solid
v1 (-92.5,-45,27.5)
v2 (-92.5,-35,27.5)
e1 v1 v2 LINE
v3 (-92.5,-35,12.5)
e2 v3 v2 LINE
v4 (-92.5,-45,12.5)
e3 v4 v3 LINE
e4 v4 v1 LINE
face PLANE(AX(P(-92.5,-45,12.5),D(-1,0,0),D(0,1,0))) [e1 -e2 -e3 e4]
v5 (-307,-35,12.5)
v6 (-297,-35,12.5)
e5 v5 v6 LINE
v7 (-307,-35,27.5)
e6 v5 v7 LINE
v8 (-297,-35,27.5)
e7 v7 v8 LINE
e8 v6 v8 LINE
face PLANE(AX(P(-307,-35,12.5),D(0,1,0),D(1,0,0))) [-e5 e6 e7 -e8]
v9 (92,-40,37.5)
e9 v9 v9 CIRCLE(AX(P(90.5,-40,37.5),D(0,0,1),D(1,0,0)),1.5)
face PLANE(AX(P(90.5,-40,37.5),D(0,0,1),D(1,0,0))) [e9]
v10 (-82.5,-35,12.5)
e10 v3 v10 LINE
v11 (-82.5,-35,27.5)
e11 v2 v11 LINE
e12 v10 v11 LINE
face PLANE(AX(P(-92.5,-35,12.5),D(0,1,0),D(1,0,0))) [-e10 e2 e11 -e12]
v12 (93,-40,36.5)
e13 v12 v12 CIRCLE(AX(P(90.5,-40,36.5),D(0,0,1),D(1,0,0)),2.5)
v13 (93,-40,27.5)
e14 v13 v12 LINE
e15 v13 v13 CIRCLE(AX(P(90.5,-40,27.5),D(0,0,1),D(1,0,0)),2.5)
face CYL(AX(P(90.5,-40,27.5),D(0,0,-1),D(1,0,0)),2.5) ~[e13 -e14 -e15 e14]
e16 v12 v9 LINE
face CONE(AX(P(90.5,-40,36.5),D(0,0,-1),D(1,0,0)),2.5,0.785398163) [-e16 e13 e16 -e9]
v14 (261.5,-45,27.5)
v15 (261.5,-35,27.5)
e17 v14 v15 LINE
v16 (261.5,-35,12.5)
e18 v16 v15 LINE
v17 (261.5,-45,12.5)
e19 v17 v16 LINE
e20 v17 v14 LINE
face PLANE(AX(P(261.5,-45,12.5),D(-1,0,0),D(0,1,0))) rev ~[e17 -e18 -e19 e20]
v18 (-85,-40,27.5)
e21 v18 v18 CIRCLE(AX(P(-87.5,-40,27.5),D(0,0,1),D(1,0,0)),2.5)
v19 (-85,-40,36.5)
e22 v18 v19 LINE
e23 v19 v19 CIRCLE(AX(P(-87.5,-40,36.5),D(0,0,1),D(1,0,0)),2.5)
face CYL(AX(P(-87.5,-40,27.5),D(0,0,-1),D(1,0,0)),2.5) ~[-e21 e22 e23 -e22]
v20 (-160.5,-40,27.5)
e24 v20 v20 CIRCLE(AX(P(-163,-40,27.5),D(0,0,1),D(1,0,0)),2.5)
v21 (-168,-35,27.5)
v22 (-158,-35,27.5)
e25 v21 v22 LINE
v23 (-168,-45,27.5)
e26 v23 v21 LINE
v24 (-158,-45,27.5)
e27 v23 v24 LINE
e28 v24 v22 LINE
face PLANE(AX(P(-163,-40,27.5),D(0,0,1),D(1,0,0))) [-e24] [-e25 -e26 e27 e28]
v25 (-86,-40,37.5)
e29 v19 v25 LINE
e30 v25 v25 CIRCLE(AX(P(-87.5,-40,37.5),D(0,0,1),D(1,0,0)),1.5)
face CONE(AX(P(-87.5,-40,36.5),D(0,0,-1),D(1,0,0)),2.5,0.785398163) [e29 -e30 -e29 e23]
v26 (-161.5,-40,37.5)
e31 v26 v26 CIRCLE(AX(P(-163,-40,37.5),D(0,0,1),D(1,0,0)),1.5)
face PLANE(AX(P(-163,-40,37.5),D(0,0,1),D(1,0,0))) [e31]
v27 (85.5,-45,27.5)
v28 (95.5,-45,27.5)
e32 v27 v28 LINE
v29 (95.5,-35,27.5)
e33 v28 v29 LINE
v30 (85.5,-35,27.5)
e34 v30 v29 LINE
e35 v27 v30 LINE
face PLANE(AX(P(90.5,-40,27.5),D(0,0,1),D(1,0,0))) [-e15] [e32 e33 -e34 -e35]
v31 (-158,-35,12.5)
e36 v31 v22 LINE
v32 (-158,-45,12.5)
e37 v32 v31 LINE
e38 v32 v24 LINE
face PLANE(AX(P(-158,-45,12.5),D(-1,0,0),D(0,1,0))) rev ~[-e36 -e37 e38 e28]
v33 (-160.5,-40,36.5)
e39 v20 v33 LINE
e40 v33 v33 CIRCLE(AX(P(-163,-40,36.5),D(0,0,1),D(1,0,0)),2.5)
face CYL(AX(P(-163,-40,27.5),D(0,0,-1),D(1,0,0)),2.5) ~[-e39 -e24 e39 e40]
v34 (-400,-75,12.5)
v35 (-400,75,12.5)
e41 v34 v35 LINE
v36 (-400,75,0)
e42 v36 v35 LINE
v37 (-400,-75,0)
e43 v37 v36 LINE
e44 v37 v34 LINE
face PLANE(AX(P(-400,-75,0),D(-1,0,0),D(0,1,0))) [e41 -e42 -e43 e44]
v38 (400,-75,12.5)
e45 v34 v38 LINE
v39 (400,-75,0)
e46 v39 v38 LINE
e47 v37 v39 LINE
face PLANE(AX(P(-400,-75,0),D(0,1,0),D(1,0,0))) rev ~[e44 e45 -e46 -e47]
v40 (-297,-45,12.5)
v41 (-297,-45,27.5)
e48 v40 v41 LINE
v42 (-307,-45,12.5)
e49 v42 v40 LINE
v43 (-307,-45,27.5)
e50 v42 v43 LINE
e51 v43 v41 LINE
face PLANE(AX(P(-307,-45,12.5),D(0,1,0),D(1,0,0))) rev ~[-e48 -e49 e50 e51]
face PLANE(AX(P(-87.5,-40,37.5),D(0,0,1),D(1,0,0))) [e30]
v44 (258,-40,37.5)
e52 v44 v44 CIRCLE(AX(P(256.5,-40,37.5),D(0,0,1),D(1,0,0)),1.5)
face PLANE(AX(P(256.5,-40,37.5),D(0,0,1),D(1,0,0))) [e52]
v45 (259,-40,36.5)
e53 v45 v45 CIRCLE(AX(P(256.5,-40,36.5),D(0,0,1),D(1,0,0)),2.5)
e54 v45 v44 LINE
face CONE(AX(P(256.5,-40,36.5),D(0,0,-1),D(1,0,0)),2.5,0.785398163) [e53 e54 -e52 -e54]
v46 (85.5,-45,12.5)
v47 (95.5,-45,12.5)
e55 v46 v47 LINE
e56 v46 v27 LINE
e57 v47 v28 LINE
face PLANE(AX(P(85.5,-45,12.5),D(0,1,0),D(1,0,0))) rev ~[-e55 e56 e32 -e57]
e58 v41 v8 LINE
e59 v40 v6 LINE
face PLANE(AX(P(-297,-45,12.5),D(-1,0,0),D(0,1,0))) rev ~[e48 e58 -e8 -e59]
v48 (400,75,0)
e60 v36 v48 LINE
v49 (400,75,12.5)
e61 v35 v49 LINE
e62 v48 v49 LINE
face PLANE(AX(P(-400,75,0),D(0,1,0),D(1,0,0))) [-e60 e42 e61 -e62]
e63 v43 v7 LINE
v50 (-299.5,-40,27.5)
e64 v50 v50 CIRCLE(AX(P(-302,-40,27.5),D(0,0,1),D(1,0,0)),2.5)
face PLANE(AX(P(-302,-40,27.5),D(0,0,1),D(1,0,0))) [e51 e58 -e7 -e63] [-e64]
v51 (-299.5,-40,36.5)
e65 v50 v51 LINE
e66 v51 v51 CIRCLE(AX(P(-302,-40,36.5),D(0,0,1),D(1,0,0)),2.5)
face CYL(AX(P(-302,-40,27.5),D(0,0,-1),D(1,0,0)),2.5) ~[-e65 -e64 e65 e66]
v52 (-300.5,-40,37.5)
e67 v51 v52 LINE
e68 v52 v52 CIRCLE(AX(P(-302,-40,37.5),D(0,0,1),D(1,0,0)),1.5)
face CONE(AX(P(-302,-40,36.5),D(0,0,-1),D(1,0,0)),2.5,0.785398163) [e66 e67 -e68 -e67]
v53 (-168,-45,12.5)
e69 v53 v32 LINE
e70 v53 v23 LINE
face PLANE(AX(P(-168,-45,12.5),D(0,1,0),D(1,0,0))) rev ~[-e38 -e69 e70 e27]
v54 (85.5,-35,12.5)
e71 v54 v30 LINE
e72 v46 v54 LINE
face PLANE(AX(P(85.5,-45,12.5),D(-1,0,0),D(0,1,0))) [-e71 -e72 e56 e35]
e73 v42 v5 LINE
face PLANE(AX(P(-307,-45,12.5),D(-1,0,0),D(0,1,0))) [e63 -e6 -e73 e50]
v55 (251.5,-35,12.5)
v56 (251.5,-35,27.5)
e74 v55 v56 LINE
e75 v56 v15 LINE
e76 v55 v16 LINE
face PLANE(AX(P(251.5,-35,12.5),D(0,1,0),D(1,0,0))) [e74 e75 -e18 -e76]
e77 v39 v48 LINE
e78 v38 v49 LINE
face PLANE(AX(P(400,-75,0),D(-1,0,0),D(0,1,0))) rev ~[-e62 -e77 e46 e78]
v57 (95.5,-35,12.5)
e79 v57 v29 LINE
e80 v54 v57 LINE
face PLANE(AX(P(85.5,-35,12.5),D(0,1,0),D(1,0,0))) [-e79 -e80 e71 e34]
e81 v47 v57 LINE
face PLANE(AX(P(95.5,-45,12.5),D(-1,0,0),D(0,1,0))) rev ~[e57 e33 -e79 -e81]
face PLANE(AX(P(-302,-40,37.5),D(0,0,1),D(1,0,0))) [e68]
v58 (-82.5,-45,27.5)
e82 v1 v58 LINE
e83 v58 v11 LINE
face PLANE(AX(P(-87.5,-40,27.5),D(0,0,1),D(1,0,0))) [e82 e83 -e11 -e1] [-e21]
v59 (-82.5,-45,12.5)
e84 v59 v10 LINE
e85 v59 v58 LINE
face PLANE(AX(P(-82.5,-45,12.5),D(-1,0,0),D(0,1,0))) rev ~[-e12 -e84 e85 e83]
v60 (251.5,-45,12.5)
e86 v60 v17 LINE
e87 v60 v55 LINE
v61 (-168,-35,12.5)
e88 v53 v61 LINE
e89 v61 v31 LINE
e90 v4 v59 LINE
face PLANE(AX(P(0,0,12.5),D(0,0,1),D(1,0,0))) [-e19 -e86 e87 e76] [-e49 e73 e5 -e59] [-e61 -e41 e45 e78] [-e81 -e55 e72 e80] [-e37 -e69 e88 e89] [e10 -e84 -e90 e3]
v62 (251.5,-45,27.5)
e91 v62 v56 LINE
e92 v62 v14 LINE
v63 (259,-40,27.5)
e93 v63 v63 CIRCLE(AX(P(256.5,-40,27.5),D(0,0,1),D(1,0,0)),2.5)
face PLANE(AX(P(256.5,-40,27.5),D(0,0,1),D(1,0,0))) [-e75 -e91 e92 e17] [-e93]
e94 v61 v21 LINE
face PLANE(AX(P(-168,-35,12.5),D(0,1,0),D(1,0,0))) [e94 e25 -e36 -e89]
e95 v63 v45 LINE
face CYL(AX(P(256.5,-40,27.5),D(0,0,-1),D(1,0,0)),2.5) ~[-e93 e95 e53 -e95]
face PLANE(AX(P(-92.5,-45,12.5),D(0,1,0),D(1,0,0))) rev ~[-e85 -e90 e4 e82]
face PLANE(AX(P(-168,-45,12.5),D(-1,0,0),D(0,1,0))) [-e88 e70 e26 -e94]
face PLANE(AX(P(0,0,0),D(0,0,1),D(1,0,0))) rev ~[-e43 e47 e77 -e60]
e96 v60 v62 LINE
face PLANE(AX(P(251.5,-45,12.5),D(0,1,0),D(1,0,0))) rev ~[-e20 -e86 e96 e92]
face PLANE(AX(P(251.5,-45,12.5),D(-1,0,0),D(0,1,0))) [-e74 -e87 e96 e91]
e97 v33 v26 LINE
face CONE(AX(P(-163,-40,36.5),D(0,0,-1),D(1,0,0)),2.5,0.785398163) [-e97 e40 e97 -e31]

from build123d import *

# Parameters (mm, degrees)
F0_W      = 800
F0_H      = 150
F1_DEPTH  = 12.5
F2_W      = 10
F2_H      = 10
F3_DEPTH  = 15
F4_R      = 2.5
F5_DEPTH  = 10
F6_SIZE   = 1
F7_R      = 2.5
F8_DEPTH  = 10
F9_R      = 2.5
F10_DEPTH = 10
F11_R     = 2.5
F12_DEPTH = 10
F13_R     = 2.5
F14_DEPTH = 10
F15_SIZE  = 1


with BuildPart() as f1:
    # F0 (on Top) → F1 (new body)
    with BuildSketch(Plane.XY):
        Rectangle(F0_W, F0_H)
    extrude(amount=F1_DEPTH)

    # F2 (on face) → F3 (join)
    with BuildSketch(Plane.XY.offset(12.5)):
        with Locations((-302, -40)):
            Rectangle(F2_W, F2_H)
        with Locations((-163, -40)):
            Rectangle(F2_W, F2_H)
        with Locations((-87.5, -40)):
            Rectangle(F2_W, F2_H)
        with Locations((90.5, -40)):
            Rectangle(F2_W, F2_H)
        with Locations((256.5, -40)):
            Rectangle(F2_W, F2_H)
    extrude(amount=F3_DEPTH)

    # F4 (on face) → F5 (join)
    with BuildSketch(Plane.XY.offset(27.5)):
        with Locations((-302, -40)):
            Circle(F4_R)
    extrude(amount=F5_DEPTH)

    # F6
    f6_edges = [f1.edges().sort_by_distance(p)[0] for p in [
        (-304.5, -40, 37.5),
    ]]
    chamfer(f6_edges, length=F6_SIZE)

    # F7 (on face) → F8 (join)
    with BuildSketch(Plane.XY.offset(27.5)):
        with Locations((-163, -40)):
            Circle(F7_R)
    extrude(amount=F8_DEPTH)

    # F9 (on face) → F10 (join)
    with BuildSketch(Plane.XY.offset(27.5)):
        with Locations((-87.5, -40)):
            Circle(F9_R)
    extrude(amount=F10_DEPTH)

    # F11 (on face) → F12 (join)
    with BuildSketch(Plane.XY.offset(27.5)):
        with Locations((90.5, -40)):
            Circle(F11_R)
    extrude(amount=F12_DEPTH)

    # F13 (on face) → F14 (join)
    with BuildSketch(Plane.XY.offset(27.5)):
        with Locations((256.5, -40)):
            Circle(F13_R)
    extrude(amount=F14_DEPTH)

    # F15
    f15_edges = [f1.edges().sort_by_distance(p)[0] for p in [
        (254, -40, 37.5),
        (88, -40, 37.5),
        (-90, -40, 37.5),
        (-165.5, -40, 37.5),
    ]]
    chamfer(f15_edges, length=F15_SIZE)


solid = f1.part
